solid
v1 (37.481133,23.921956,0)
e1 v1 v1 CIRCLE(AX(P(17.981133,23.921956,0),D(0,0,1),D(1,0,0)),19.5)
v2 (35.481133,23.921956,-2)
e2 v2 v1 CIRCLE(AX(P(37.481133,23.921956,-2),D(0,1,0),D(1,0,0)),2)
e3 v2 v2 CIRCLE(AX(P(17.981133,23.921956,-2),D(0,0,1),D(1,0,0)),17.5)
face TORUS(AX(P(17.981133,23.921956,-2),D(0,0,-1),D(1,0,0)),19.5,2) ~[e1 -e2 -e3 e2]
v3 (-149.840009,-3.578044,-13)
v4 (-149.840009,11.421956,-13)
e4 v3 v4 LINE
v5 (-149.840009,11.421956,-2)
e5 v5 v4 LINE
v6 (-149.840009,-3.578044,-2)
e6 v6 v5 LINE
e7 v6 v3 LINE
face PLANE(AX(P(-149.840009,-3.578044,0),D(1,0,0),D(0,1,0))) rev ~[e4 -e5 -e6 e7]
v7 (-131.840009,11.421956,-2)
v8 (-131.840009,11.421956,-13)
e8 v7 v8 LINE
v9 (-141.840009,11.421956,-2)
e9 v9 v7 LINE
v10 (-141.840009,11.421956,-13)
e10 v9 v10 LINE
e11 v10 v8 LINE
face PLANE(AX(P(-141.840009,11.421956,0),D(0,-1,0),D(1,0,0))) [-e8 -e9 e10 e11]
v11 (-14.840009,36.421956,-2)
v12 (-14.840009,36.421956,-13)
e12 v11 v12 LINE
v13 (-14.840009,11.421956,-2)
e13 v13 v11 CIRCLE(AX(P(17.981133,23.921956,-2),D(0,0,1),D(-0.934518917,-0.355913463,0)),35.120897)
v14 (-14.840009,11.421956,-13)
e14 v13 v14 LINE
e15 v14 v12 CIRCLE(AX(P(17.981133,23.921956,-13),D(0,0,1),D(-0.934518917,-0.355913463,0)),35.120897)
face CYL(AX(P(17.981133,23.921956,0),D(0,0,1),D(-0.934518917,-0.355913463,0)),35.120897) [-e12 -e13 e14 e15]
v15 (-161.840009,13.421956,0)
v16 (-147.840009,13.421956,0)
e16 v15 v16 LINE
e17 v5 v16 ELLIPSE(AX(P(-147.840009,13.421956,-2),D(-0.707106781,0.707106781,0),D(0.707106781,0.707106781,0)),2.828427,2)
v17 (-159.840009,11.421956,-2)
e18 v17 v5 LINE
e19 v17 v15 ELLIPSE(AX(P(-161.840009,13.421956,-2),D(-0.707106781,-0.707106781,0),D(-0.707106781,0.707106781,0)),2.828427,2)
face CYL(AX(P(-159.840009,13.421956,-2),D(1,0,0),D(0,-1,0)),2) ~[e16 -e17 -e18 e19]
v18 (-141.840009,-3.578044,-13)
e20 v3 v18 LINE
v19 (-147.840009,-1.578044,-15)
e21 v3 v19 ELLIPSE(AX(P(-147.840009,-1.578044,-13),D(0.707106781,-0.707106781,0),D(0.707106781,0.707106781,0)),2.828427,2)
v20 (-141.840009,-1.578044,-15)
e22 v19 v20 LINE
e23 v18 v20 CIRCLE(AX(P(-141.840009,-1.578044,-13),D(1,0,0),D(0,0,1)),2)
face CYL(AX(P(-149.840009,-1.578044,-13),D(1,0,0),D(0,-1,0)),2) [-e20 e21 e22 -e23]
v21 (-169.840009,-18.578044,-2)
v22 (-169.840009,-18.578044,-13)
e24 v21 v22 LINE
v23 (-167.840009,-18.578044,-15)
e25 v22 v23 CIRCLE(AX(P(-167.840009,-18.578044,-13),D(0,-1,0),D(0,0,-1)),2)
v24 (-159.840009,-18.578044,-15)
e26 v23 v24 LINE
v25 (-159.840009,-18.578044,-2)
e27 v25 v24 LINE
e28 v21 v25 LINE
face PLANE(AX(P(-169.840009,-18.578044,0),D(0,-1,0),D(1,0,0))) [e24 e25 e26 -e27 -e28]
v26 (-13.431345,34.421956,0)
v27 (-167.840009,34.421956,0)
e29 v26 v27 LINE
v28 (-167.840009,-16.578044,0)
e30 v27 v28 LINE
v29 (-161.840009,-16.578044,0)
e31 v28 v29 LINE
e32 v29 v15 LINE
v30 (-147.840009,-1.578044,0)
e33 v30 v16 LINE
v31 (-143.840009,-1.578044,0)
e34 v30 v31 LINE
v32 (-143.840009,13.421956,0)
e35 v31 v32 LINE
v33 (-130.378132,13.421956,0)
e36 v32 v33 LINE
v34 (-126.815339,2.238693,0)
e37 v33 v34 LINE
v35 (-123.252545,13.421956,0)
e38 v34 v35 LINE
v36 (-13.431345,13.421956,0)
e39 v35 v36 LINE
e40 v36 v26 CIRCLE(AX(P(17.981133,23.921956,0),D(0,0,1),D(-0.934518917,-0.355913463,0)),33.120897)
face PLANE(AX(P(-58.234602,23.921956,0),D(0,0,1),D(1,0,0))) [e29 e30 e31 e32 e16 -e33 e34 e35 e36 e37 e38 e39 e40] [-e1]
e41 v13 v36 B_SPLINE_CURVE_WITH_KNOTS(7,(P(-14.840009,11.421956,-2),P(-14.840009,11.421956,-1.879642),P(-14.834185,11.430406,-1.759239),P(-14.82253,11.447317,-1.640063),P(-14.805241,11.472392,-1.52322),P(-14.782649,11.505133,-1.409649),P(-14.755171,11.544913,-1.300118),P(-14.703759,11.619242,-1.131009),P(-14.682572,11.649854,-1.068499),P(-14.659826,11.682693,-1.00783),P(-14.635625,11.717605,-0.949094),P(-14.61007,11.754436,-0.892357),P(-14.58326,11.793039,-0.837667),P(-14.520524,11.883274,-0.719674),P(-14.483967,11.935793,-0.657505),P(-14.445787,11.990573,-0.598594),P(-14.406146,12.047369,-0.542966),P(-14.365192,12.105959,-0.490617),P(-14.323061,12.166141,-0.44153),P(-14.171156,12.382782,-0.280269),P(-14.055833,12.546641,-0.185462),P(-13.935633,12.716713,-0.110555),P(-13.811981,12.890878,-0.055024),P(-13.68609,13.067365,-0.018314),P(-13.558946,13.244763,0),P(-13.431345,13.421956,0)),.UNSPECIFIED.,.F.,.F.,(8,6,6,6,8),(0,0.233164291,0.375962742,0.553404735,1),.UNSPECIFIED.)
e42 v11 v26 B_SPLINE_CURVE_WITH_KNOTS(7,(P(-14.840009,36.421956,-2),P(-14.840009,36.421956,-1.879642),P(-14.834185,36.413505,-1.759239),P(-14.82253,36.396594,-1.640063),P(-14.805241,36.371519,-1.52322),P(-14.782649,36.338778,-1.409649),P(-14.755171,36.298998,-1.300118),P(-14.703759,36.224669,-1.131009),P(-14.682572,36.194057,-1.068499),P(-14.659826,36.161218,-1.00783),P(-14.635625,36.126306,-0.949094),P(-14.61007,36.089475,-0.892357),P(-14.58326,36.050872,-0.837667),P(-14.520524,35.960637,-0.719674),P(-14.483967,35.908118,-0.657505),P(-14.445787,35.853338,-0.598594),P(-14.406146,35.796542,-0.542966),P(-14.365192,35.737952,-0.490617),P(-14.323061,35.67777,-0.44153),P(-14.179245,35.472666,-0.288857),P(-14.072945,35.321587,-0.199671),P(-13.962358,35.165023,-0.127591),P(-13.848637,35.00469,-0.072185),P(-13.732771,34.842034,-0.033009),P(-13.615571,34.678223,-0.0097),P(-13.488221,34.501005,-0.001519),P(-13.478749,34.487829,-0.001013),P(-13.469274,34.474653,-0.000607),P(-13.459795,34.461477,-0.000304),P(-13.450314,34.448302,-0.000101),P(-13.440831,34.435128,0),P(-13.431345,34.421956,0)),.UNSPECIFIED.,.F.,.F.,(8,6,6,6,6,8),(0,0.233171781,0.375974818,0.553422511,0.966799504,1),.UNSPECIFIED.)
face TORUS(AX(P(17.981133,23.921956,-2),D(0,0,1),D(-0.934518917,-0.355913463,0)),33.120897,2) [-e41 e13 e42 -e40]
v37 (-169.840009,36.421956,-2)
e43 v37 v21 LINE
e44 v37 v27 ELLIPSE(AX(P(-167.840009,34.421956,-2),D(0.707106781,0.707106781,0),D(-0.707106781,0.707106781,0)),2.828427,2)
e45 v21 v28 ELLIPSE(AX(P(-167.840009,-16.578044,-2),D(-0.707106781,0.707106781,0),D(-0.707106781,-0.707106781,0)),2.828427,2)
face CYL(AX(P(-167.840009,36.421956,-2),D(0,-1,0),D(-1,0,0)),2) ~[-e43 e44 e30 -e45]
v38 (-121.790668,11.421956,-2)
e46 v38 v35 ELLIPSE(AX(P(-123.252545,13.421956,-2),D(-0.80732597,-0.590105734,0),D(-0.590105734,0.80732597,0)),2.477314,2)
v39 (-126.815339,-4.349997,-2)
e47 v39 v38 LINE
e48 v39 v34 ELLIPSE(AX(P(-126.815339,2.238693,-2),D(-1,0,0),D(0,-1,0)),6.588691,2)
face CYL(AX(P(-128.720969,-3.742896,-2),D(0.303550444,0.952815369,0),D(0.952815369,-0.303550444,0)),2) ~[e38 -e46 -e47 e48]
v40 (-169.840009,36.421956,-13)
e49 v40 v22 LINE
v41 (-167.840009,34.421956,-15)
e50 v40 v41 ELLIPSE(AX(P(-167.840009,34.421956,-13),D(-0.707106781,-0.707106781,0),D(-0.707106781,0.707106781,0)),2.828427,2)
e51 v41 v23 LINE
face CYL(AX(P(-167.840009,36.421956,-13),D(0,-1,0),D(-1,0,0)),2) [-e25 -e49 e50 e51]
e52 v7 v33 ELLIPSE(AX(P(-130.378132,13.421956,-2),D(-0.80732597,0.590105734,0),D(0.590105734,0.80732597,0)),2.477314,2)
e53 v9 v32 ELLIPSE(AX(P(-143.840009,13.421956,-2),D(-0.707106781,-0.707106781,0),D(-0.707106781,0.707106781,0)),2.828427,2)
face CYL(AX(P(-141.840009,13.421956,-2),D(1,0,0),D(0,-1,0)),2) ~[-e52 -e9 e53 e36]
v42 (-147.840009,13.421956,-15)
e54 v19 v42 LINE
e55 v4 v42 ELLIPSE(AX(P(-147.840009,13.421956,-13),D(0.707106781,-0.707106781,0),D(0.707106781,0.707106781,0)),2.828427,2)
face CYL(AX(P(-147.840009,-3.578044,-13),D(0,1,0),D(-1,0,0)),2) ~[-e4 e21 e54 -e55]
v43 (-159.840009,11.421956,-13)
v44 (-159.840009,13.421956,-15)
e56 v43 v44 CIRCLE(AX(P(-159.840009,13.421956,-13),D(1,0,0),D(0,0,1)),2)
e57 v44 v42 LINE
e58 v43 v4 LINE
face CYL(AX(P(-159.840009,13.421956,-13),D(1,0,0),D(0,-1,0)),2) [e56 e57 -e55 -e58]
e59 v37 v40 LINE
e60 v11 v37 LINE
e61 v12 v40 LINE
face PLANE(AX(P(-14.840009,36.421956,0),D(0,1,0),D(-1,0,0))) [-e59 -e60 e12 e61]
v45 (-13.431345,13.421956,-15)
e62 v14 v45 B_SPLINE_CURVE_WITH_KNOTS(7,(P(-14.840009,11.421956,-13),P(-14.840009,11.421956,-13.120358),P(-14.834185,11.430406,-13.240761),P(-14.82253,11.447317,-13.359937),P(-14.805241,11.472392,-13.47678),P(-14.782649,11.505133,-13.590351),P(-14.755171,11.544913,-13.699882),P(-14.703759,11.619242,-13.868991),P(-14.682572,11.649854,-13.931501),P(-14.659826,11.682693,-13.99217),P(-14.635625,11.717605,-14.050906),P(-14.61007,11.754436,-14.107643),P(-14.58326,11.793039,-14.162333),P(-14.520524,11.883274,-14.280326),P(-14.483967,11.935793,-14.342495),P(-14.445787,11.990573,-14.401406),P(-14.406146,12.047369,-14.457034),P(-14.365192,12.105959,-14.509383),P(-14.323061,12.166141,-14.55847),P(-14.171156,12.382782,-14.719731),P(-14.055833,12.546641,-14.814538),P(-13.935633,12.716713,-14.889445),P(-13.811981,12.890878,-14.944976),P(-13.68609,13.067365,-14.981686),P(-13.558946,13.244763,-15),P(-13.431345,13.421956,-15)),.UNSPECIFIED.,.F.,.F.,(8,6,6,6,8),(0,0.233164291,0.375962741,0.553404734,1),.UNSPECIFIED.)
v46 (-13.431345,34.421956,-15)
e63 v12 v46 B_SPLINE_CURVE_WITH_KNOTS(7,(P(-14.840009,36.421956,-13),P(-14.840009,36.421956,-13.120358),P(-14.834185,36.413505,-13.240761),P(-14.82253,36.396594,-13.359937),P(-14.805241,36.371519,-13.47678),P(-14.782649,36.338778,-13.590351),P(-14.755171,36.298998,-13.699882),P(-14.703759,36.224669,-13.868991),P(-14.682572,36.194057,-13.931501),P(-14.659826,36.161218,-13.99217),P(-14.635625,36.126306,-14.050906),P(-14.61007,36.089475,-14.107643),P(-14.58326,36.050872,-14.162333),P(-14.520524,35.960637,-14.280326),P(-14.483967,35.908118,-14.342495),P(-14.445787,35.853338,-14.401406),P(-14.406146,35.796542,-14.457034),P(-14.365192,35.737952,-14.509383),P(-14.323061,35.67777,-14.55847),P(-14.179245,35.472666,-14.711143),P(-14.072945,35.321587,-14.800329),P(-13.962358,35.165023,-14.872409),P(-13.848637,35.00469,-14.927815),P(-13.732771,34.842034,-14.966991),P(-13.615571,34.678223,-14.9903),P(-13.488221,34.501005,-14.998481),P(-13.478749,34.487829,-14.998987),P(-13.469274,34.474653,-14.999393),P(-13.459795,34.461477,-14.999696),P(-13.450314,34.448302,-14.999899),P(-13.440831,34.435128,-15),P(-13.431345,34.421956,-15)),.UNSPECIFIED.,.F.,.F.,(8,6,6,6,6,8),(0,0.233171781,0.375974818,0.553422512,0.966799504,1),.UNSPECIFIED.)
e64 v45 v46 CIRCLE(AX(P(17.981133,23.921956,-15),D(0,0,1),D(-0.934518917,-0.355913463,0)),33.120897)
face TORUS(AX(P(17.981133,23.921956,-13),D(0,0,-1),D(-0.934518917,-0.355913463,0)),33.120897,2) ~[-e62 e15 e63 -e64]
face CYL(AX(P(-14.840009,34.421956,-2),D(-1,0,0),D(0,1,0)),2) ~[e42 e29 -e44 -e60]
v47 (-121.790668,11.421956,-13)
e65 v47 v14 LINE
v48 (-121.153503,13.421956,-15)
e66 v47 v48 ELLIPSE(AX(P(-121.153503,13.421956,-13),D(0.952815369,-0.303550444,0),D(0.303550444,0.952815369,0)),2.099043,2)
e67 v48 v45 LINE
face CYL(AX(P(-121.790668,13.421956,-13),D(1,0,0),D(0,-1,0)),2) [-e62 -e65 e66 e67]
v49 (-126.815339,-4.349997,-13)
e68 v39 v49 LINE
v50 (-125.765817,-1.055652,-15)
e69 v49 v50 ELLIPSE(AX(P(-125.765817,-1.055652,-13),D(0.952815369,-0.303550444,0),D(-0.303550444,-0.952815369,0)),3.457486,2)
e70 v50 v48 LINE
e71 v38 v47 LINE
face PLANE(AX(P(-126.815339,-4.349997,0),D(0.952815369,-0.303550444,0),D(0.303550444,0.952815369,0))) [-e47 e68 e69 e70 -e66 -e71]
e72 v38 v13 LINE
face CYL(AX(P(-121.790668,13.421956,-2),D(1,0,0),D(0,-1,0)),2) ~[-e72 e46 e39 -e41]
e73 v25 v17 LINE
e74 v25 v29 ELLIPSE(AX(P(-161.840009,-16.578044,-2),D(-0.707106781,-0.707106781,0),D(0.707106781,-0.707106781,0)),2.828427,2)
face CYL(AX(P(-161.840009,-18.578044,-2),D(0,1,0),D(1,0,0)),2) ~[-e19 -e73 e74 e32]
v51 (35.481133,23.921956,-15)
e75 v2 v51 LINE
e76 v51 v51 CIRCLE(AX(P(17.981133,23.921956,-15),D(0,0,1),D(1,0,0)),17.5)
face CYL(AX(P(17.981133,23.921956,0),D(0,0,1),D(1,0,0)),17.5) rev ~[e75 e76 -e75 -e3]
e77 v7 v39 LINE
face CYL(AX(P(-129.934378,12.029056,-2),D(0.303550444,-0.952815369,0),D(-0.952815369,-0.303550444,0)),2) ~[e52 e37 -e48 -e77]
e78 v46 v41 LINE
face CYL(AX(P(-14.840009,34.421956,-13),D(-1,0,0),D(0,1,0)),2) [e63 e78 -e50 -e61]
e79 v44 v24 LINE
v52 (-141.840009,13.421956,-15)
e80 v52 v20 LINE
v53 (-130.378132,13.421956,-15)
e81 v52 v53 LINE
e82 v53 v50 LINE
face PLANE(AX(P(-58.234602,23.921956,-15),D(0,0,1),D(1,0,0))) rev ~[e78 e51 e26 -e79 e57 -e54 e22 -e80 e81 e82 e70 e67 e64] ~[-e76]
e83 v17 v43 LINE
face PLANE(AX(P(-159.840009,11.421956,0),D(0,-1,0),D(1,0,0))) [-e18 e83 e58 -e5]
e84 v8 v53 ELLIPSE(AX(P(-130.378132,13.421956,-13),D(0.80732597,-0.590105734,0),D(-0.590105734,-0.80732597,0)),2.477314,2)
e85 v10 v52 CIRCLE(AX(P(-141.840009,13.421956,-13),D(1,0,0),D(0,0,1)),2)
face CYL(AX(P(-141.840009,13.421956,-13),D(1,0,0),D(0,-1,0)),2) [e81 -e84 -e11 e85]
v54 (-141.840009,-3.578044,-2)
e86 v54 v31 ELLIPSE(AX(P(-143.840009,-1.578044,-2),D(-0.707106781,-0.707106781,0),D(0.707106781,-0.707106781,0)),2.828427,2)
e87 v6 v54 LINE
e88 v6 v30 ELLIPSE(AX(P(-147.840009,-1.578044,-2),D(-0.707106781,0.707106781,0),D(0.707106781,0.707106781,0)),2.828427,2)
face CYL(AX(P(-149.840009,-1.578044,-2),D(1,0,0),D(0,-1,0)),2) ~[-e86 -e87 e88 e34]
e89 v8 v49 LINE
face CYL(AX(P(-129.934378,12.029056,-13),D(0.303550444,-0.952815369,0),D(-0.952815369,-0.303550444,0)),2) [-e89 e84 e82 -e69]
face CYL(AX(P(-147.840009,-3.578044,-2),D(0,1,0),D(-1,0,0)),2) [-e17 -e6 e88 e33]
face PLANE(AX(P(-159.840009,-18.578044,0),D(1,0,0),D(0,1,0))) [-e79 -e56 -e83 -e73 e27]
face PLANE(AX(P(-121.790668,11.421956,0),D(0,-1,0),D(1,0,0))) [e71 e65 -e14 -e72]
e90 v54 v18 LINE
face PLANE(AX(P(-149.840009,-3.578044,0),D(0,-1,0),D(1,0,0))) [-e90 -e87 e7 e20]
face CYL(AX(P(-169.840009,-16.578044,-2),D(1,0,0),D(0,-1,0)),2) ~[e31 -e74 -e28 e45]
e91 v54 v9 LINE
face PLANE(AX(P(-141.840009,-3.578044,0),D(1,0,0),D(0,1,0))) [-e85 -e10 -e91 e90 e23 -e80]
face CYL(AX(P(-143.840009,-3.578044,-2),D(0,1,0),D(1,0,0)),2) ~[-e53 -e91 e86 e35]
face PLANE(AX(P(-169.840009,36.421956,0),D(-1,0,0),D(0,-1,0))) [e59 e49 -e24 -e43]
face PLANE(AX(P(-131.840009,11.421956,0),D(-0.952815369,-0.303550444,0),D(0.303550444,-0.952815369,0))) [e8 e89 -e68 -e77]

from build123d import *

# Parameters (mm, degrees)
F0_R     = 17.5
F0_W     = 8
F0_H     = 15
F0_W_2   = 10
F0_H_2   = 30
F1_DEPTH = 15
F2_R     = 2


with BuildPart() as f1:
    # F0 (on Top) → F1 (new body)
    with BuildSketch(Plane.XY):
        with BuildLine():
            Line((-121.7906681545, 11.4219555392), (-14.8400091627, 11.4219555392))
            ThreePointArc((-14.8400091627, 11.4219555392), (53.1020299987, 23.9219555392), (-14.8400091627, 36.4219555392))
            Line((-14.8400091627, 36.4219555392), (-169.8400091627, 36.4219555392))
            Line((-169.8400091627, 36.4219555392), (-169.8400091627, 11.4219555392))
            Line((-169.8400091627, 11.4219555392), (-159.8400091627, 11.4219555392))
            Line((-159.8400091627, 11.4219555392), (-149.8400091627, 11.4219555392))
            Line((-149.8400091627, 11.4219555392), (-141.8400091627, 11.4219555392))
            Line((-141.8400091627, 11.4219555392), (-131.8400091627, 11.4219555392))
            Line((-131.8400091627, 11.4219555392), (-121.7906681545, 11.4219555392))
        make_face()
        with Locations((17.9811332438, 23.9219555392)):
            Circle(F0_R, mode=Mode.SUBTRACT)
        Polygon((-126.8153386586, -4.3499972671), (-121.7906681545, 11.4219555392), (-131.8400091627, 11.4219555392), align=None)
        with Locations((-145.8400091627, 3.9219555392)):
            Rectangle(F0_W, F0_H)
        with Locations((-164.8400091627, -3.5780444608)):
            Rectangle(F0_W_2, F0_H_2)
    extrude(amount=-F1_DEPTH)

    # F2
    f2_edges = [f1.edges().sort_by_distance(p)[0] for p in [
        (-92.340009, 36.421956, 0),
        (-169.840009, 8.921956, 0),
        (-164.840009, -18.578044, 0),
        (-159.840009, -3.578044, 0),
        (-154.840009, 11.421956, 0),
        (-149.840009, 3.921956, 0),
        (-145.840009, -3.578044, 0),
        (-141.840009, 3.921956, 0),
        (-136.840009, 11.421956, 0),
        (-129.327674, 3.535979, 0),
        (-124.303003, 3.535979, 0),
        (-68.315339, 11.421956, 0),
        (53.10203, 23.921956, 0),
        (0.481133, 23.921956, 0),
        (-92.340009, 36.421956, -15),
        (-68.315339, 11.421956, -15),
        (53.10203, 23.921956, -15),
        (-129.327674, 3.535979, -15),
        (-136.840009, 11.421956, -15),
        (-154.840009, 11.421956, -15),
        (-149.840009, 3.921956, -15),
        (-145.840009, -3.578044, -15),
        (-169.840009, 8.921956, -15),
    ]]
    fillet(f2_edges, radius=F2_R)


solid = f1.part
